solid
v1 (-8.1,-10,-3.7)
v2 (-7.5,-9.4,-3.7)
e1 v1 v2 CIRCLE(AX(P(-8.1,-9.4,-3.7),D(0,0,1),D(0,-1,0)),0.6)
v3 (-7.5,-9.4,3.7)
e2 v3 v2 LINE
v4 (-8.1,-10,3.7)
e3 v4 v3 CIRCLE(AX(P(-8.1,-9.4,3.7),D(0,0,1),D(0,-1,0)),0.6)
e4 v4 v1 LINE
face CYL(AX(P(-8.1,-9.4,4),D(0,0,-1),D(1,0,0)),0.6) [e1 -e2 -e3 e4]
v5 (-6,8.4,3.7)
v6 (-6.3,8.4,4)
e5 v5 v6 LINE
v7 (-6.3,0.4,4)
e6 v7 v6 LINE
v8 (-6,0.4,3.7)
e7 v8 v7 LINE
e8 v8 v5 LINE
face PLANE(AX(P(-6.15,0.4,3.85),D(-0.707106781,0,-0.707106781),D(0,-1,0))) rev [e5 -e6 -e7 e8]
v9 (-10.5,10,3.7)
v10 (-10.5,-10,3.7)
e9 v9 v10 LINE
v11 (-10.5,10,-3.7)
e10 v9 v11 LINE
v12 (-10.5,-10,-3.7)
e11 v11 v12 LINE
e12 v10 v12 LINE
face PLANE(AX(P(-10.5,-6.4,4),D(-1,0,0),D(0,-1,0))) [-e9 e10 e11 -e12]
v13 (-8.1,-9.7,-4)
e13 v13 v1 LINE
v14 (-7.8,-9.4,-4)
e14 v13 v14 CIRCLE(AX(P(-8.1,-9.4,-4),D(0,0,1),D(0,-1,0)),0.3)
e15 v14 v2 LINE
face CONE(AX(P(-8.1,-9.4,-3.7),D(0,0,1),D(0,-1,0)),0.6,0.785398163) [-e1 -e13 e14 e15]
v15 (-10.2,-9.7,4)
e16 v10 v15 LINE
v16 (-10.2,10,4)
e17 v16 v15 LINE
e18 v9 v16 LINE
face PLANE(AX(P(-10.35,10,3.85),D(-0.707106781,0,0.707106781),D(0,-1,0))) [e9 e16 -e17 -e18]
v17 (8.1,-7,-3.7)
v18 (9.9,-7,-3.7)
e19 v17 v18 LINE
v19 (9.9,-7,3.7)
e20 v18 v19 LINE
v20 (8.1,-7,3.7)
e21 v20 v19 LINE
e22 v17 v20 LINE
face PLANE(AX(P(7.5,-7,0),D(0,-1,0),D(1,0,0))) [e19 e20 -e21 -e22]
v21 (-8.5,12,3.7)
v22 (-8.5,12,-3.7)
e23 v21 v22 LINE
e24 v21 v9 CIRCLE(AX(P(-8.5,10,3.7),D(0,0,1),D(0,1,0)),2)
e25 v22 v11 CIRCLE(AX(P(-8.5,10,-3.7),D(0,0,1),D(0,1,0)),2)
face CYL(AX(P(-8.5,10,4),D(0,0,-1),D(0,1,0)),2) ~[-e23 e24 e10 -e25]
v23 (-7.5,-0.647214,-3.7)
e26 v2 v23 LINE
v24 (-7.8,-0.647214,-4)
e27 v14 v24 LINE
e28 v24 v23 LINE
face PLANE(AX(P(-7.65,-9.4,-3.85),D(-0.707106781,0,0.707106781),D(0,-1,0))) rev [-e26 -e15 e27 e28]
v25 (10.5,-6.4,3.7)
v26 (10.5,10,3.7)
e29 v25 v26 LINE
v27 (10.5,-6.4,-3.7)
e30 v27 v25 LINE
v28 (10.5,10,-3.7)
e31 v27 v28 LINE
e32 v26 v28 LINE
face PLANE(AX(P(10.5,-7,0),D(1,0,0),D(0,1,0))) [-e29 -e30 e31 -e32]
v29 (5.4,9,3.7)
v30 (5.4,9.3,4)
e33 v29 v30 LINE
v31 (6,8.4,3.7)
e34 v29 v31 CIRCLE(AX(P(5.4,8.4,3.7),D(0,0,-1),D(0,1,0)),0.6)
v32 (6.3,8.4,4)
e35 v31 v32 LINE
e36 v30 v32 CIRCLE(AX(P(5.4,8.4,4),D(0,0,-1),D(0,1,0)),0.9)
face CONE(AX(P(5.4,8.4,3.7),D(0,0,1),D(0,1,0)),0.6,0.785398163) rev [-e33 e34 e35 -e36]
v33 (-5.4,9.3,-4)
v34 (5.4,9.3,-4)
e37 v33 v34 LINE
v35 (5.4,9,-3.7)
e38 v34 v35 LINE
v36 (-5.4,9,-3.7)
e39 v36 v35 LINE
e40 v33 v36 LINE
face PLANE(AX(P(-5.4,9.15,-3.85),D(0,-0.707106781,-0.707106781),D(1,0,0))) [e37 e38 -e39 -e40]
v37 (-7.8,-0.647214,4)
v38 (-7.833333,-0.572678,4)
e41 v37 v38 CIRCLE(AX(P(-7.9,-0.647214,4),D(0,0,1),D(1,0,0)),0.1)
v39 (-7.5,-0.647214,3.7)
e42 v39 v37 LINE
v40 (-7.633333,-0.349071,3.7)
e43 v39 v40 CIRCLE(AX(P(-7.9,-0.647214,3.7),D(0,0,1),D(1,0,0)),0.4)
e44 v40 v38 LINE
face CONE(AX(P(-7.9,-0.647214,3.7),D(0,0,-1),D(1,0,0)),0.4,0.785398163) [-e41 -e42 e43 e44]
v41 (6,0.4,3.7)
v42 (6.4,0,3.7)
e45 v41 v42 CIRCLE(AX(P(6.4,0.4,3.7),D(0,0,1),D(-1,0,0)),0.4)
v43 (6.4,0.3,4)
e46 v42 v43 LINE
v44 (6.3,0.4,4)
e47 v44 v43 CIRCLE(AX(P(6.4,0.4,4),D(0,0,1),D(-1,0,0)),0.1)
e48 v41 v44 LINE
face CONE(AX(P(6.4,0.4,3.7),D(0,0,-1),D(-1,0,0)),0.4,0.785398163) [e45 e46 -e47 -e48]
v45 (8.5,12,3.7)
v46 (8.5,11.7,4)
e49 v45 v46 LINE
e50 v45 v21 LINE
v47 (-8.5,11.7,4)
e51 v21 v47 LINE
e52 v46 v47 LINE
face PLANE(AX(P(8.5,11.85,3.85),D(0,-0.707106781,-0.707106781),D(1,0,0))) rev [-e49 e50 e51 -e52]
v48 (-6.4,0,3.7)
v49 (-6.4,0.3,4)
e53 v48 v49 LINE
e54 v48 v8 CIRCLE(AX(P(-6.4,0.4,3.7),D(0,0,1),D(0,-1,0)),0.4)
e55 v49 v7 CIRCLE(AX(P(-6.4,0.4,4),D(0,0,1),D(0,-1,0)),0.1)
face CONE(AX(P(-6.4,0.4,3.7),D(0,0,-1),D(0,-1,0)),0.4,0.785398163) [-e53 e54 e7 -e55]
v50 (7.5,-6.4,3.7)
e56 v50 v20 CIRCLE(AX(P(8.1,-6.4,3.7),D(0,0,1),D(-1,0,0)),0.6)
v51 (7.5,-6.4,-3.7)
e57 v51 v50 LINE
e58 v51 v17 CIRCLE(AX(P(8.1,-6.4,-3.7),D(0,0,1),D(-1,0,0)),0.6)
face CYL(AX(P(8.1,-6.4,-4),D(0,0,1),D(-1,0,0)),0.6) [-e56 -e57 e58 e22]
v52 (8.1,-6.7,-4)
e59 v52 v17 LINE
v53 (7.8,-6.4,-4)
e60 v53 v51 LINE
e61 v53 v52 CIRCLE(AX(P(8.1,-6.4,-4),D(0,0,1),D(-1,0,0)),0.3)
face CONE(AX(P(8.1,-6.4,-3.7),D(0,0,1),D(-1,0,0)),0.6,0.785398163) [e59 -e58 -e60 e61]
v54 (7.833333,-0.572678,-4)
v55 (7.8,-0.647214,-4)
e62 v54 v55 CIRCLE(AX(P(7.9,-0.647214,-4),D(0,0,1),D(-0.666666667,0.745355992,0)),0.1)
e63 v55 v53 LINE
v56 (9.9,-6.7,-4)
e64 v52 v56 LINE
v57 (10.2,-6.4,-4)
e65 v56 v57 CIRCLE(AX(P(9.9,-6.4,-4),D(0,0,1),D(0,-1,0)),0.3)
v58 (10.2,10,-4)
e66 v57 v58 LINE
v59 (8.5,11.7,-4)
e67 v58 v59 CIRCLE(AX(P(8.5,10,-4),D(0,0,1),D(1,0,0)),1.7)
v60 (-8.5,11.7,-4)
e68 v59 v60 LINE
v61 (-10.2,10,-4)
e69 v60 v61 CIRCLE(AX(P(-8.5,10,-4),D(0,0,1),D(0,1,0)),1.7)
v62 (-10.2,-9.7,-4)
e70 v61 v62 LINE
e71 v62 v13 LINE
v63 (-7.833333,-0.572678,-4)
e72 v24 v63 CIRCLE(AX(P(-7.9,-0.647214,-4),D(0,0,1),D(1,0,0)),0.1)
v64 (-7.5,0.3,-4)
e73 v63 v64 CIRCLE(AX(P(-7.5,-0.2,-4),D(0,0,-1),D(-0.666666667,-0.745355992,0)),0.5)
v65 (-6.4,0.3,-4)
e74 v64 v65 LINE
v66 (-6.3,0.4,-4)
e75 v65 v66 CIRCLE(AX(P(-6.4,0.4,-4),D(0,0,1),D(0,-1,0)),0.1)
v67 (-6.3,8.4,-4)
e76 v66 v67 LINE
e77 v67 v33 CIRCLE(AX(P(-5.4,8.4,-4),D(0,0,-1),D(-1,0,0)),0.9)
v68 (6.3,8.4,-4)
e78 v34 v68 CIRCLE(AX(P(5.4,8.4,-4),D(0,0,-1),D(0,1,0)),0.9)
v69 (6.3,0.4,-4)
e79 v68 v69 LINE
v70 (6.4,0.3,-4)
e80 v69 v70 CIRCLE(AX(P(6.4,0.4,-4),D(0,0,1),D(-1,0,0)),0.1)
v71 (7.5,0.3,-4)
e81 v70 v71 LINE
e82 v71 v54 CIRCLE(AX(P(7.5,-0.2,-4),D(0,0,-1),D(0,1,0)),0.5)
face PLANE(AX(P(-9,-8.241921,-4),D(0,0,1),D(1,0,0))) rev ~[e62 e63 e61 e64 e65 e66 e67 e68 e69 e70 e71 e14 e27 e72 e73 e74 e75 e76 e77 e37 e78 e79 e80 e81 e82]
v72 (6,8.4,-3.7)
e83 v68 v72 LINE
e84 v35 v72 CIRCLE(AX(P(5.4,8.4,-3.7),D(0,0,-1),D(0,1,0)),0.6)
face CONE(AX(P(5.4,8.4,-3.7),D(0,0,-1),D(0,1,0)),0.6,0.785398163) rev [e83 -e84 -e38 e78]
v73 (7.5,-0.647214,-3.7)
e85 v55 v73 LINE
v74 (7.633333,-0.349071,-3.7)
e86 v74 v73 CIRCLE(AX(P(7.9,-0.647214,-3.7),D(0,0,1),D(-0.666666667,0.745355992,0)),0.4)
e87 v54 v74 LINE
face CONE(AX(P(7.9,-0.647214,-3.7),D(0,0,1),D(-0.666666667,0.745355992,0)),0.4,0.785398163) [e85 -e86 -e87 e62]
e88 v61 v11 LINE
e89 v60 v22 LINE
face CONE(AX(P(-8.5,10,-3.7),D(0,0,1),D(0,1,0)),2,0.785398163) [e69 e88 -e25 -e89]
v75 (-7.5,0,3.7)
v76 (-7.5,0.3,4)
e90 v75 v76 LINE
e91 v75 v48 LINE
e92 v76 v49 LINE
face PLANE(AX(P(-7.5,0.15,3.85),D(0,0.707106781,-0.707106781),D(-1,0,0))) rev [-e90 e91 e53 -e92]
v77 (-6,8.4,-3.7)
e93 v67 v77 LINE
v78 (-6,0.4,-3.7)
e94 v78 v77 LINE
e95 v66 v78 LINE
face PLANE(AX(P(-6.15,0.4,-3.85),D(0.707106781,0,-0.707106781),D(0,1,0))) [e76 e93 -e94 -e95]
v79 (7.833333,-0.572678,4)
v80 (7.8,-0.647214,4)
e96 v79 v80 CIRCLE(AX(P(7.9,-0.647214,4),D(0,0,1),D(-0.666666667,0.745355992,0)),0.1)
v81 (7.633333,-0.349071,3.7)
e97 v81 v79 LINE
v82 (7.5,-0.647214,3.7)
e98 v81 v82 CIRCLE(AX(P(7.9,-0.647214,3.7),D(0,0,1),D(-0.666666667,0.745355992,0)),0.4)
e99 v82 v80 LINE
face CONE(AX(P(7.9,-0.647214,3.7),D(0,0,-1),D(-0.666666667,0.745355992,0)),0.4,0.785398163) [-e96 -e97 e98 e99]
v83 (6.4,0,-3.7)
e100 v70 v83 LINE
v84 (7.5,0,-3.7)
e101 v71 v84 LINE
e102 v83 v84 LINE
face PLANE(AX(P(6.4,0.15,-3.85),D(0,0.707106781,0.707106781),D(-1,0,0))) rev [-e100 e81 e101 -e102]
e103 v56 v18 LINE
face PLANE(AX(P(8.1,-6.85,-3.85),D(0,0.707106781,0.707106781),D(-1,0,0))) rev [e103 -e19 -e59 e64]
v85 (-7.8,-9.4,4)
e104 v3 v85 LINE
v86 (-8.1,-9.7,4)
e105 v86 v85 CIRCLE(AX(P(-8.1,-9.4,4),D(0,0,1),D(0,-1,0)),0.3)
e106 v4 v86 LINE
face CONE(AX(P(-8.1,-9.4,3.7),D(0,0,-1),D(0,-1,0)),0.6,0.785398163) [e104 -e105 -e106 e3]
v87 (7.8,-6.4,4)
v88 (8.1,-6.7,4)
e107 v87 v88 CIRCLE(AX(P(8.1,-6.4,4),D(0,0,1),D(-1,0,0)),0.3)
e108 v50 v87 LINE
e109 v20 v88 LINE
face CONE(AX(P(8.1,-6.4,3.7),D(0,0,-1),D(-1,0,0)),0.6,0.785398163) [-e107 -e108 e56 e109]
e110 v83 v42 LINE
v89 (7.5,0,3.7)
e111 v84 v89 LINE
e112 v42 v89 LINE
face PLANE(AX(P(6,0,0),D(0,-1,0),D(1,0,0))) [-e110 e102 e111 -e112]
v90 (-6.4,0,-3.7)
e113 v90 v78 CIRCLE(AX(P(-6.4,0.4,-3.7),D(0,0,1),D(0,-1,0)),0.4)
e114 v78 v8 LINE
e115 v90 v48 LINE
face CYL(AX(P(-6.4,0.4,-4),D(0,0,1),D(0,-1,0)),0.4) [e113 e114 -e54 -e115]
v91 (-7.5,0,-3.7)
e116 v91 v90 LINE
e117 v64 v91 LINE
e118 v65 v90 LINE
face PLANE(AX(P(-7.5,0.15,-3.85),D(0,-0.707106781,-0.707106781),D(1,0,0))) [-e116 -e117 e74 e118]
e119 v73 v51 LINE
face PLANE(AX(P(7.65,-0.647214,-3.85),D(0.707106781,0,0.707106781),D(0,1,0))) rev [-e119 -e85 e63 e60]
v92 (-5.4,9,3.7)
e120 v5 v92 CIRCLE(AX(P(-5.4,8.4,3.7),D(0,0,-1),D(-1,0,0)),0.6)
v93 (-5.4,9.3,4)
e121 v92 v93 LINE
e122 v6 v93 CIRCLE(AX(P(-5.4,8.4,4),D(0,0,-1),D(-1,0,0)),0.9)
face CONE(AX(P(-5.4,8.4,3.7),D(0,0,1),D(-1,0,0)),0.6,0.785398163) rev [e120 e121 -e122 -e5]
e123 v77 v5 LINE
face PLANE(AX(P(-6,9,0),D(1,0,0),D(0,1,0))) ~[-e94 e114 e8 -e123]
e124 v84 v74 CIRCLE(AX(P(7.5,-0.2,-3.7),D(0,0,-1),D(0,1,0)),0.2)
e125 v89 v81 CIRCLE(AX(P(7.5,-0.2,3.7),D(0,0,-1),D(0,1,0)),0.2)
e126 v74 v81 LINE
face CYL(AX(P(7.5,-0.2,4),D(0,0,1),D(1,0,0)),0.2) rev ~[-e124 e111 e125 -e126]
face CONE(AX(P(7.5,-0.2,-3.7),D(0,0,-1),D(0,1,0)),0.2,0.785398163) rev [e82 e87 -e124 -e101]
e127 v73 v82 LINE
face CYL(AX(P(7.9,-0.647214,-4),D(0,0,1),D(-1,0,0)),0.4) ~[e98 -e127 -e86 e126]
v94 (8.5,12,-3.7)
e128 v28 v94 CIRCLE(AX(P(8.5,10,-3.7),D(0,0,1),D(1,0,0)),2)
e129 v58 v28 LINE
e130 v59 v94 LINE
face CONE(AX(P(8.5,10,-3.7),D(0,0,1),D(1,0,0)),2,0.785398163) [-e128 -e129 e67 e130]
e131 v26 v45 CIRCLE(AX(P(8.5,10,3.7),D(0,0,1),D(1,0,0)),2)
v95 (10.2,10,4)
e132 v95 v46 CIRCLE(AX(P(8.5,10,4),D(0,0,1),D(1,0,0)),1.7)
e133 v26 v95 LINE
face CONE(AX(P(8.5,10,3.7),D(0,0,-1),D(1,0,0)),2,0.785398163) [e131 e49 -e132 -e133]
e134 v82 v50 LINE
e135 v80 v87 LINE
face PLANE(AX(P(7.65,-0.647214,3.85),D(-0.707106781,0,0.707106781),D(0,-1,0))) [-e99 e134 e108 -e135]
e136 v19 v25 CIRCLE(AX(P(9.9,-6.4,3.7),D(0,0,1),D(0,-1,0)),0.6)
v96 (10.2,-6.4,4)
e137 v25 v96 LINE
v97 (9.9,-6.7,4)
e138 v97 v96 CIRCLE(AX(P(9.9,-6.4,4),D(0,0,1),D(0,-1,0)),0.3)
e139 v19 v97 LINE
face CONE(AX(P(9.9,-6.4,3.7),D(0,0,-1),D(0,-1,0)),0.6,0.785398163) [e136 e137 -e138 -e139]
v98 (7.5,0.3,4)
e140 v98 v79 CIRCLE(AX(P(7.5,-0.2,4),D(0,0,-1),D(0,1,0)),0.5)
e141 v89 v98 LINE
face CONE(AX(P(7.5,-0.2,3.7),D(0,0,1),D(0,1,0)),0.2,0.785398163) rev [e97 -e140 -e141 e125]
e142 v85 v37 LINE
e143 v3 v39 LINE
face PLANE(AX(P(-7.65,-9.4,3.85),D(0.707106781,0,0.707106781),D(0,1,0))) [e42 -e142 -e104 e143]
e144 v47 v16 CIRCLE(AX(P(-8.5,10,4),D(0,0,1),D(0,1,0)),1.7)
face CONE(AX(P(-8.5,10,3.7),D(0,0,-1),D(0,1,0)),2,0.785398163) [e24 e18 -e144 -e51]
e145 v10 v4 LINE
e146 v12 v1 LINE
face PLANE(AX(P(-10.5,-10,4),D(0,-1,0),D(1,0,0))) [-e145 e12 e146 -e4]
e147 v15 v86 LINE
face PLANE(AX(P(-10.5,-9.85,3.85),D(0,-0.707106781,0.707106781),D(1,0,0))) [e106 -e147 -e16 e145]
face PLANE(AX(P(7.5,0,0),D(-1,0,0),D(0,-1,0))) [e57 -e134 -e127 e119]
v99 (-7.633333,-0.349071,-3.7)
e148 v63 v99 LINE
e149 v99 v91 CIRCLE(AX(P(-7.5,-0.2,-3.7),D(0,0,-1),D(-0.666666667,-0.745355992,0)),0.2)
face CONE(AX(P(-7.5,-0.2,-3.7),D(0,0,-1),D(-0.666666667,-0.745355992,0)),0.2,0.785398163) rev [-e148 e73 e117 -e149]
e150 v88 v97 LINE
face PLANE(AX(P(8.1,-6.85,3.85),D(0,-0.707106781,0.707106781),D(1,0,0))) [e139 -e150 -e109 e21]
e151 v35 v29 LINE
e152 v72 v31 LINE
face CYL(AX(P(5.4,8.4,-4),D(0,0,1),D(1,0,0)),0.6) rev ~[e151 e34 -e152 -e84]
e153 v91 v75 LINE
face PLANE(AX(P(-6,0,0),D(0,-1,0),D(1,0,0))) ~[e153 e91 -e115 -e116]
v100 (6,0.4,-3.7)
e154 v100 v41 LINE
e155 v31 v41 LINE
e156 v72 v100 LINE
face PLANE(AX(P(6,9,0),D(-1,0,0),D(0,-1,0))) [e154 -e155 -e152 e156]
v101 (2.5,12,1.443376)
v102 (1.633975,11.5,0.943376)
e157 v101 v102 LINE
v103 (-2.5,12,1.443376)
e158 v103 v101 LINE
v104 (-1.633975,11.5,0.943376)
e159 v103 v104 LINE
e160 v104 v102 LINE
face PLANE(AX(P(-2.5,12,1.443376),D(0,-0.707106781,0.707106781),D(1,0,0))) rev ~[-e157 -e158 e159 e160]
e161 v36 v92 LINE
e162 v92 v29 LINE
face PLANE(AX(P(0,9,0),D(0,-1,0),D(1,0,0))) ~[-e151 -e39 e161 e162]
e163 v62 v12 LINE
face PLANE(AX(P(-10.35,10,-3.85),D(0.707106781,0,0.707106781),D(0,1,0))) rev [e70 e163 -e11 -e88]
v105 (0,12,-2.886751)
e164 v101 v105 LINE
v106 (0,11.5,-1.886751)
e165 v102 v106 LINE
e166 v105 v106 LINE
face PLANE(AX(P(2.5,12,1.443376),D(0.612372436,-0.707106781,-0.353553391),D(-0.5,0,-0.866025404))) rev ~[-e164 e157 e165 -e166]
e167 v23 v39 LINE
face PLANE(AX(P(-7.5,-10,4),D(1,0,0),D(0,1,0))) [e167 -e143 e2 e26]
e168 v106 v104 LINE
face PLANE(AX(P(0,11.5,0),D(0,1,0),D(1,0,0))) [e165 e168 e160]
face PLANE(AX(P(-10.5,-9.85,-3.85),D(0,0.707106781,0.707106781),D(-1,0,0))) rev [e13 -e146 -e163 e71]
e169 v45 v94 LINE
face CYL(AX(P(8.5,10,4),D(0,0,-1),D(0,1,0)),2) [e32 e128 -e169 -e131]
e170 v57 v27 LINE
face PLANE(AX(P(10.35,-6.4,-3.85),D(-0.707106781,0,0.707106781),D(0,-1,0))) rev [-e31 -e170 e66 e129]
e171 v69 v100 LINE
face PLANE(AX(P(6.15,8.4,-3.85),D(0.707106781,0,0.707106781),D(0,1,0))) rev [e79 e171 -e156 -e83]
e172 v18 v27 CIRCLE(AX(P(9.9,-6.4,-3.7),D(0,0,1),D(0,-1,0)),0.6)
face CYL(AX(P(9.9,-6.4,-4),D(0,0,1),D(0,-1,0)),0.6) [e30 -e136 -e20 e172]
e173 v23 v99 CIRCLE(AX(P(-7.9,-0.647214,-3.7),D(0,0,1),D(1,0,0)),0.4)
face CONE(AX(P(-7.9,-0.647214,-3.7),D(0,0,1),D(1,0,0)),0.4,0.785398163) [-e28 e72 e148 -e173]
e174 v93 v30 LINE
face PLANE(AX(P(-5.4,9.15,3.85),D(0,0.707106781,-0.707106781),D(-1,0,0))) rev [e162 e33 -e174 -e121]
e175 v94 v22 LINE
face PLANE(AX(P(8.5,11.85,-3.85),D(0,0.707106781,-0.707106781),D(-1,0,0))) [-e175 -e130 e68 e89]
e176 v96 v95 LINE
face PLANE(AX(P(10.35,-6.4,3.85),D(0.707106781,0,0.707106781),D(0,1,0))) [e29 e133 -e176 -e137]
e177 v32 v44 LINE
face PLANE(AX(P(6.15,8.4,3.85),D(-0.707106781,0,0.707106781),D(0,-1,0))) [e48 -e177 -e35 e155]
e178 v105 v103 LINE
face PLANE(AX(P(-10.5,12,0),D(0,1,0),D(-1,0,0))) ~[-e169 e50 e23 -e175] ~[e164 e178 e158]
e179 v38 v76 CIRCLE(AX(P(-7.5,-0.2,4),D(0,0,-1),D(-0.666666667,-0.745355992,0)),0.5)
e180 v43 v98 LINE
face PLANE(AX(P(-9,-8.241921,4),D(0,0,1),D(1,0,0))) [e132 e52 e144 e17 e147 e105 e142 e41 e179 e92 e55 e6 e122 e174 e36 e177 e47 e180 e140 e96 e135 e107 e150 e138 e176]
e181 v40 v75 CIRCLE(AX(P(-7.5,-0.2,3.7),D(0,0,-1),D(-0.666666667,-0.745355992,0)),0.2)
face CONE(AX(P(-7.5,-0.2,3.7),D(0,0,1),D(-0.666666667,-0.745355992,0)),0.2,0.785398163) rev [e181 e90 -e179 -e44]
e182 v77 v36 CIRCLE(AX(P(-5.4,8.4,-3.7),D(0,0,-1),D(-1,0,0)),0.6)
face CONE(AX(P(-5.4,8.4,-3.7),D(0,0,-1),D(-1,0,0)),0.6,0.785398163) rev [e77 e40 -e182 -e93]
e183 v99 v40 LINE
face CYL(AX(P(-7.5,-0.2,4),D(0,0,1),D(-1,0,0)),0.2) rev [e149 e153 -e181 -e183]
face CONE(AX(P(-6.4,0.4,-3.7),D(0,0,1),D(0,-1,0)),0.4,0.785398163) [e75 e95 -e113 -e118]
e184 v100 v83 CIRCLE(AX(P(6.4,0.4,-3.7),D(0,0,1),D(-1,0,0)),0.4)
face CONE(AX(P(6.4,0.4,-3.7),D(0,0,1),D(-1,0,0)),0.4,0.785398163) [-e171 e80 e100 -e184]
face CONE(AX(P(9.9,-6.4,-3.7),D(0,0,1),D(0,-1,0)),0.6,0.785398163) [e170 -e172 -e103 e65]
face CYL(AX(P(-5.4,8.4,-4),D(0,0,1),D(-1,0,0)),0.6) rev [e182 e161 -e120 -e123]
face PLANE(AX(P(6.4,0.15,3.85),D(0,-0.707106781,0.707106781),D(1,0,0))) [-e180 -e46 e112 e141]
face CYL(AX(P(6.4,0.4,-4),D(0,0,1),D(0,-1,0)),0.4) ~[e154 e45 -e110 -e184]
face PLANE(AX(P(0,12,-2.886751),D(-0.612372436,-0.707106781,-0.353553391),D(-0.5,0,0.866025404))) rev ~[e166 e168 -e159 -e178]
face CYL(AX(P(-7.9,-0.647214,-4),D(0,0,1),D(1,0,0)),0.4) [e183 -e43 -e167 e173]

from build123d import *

# Parameters (mm, degrees)
BOSS_EXTRUDE1_DEPTH = 4
SKETCH2_R           = 0.2
CUT_EXTRUDE1_DEPTH  = 8
FILLET2_R           = 0.4
FILLET1_R           = 0.6
FILLET3_R           = 2
BOSS_EXTRUDE2_DEPTH = 8
FILLET4_R           = 0.6
CUT_EXTRUDE2_DEPTH  = 0.5
CUT_EXTRUDE2_DRAFT  = -45
CHAMFER1_SIZE       = 0.3


with BuildPart() as part:
    # Sketch1 → Boss-Extrude1 (new, symmetric)
    with BuildSketch(Plane.XY):
        Polygon((0, 9), (6, 9), (6, 0), (7.5, 0), (7.5, -7), (10.5, -7), (10.5, 12), (0, 12), align=None)
    extrude(amount=BOSS_EXTRUDE1_DEPTH, both=True)

    # Sketch2 → Cut-Extrude1 (cut)
    with BuildSketch(Plane.XY.offset(4)):
        with Locations((7.5, -0.2)):
            Circle(SKETCH2_R)
    extrude(amount=-CUT_EXTRUDE1_DEPTH, mode=Mode.SUBTRACT)

    # Fillet2
    fillet2_edges = [part.edges().sort_by_distance(p)[0] for p in [
        (6, 0, 0),
        (7.5, -0.4, 0),
    ]]
    fillet(fillet2_edges, radius=FILLET2_R)

    # Fillet1
    fillet1_edges = [part.edges().sort_by_distance(p)[0] for p in [
        (10.5, -7, 0),
        (7.5, -7, 0),
        (6, 9, 0),
    ]]
    fillet(fillet1_edges, radius=FILLET1_R)

    # Fillet3
    fillet3_edges = [part.edges().sort_by_distance(p)[0] for p in [
        (10.5, 12, 0),
    ]]
    fillet(fillet3_edges, radius=FILLET3_R)

    # Mirror1: part across plane


with BuildPart() as part_1:
    add(part.part)
    add(part.part.mirror(Plane(origin=(0, 12, 4), x_dir=(0, 0, 1), z_dir=(1, 0, 0))))

    # Sketch3 → Boss-Extrude2 (add)
    with BuildSketch(Plane.XY.offset(4)):
        with BuildLine():
            Line((-8.1, -7), (-9.9, -7))
            ThreePointArc((-9.9, -7), (-10.324264069, -6.824264069), (-10.5, -6.4))
            Line((-10.5, -6.4), (-10.5, -10))
            Line((-10.5, -10), (-7.5, -10))
            Line((-7.5, -10), (-7.5, -6.4))
            ThreePointArc((-7.5, -6.4), (-7.675735931, -6.824264069), (-8.1, -7))
        make_face()
    extrude(amount=-BOSS_EXTRUDE2_DEPTH)

    # Fillet4
    fillet4_edges = [part_1.edges().sort_by_distance(p)[0] for p in [
        (-7.5, -10, 0),
    ]]
    fillet(fillet4_edges, radius=FILLET4_R)


with BuildPart() as cut_extrude2_tool:
    # Sketch4 → Cut-Extrude2 (with draft: the straight prism first)
    with BuildSketch(Plane(origin=(0, 12, 0), x_dir=(1, 0, 0), z_dir=(0, 1, 0))):
        Polygon((-2.5, -1.443375673), (2.5, -1.443375673), (0, 2.886751346), align=None)
    extrude(amount=-CUT_EXTRUDE2_DEPTH)
    # Cut-Extrude2: the draft: its side faces are tilted about the plane it starts from
    cut_extrude2_sides = [cut_extrude2_tool.faces().sort_by_distance(p)[0] for p in [
        (0, 11.75, 1.443375673),
        (1.25, 11.75, -0.721687836),
        (-1.25, 11.75, -0.721687836),
    ]]
    draft(cut_extrude2_sides, Plane(origin=(0, 12, 0), x_dir=(1, 0, 0), z_dir=(0, 1, 0)), CUT_EXTRUDE2_DRAFT)


with BuildPart() as part_2:
    add(part_1.part)

    # Cut-Extrude2: cut by cut_extrude2_tool
    add(cut_extrude2_tool.part, mode=Mode.SUBTRACT)

    # Chamfer1
    chamfer1_edges = [part_2.edges().sort_by_distance(p)[0] for p in [
        (-9.3, -10, 4),
        (0, 9, -4),
        (-9.3, -10, -4),
        (-7.675735931, -9.824264069, 4),
        (-7.675735931, -9.824264069, -4),
        (6.95, 0, -4),
        (6.95, 0, 4),
        (7.5, -3.523606798, -4),
        (7.686834472, -0.128635582, -4),
        (7.534851628, -0.483914279, -4),
        (6.117157288, 0.117157288, -4),
        (7.686834472, -0.128635582, 4),
        (7.5, -3.523606798, 4),
        (7.534851628, -0.483914279, 4),
        (6.117157288, 0.117157288, 4),
        (10.5, 1.8, -4),
        (10.5, 1.8, 4),
        (6, 4.4, -4),
        (9, -7, -4),
        (7.675735931, -6.824264069, -4),
        (10.324264069, -6.824264069, -4),
        (9, -7, 4),
        (6, 4.4, 4),
        (7.675735931, -6.824264069, 4),
        (10.324264069, -6.824264069, 4),
        (5.824264069, 8.824264069, -4),
        (5.824264069, 8.824264069, 4),
        (0, 12, -4),
        (0, 12, 4),
        (9.914213562, 11.414213562, -4),
        (9.914213562, 11.414213562, 4),
        (-6, 4.4, 4),
        (-6.95, 0, 4),
        (-7.5, -5.023606798, 4),
        (-10.5, 0, 4),
        (-7.686834472, -0.128635582, 4),
        (-6, 4.4, -4),
        (-6.95, 0, -4),
        (-7.5, -5.023606798, -4),
        (-10.5, 0, -4),
        (-7.686834472, -0.128635582, -4),
        (-6.117157288, 0.117157288, 4),
        (-6.117157288, 0.117157288, -4),
        (-7.534851628, -0.483914279, 4),
        (-7.534851628, -0.483914279, -4),
        (-5.824264069, 8.824264069, 4),
        (-5.824264069, 8.824264069, -4),
        (-9.914213562, 11.414213562, 4),
        (-9.914213562, 11.414213562, -4),
        (0, 9, 4),
    ]]
    chamfer(chamfer1_edges, length=CHAMFER1_SIZE)


solid = part_2.part
